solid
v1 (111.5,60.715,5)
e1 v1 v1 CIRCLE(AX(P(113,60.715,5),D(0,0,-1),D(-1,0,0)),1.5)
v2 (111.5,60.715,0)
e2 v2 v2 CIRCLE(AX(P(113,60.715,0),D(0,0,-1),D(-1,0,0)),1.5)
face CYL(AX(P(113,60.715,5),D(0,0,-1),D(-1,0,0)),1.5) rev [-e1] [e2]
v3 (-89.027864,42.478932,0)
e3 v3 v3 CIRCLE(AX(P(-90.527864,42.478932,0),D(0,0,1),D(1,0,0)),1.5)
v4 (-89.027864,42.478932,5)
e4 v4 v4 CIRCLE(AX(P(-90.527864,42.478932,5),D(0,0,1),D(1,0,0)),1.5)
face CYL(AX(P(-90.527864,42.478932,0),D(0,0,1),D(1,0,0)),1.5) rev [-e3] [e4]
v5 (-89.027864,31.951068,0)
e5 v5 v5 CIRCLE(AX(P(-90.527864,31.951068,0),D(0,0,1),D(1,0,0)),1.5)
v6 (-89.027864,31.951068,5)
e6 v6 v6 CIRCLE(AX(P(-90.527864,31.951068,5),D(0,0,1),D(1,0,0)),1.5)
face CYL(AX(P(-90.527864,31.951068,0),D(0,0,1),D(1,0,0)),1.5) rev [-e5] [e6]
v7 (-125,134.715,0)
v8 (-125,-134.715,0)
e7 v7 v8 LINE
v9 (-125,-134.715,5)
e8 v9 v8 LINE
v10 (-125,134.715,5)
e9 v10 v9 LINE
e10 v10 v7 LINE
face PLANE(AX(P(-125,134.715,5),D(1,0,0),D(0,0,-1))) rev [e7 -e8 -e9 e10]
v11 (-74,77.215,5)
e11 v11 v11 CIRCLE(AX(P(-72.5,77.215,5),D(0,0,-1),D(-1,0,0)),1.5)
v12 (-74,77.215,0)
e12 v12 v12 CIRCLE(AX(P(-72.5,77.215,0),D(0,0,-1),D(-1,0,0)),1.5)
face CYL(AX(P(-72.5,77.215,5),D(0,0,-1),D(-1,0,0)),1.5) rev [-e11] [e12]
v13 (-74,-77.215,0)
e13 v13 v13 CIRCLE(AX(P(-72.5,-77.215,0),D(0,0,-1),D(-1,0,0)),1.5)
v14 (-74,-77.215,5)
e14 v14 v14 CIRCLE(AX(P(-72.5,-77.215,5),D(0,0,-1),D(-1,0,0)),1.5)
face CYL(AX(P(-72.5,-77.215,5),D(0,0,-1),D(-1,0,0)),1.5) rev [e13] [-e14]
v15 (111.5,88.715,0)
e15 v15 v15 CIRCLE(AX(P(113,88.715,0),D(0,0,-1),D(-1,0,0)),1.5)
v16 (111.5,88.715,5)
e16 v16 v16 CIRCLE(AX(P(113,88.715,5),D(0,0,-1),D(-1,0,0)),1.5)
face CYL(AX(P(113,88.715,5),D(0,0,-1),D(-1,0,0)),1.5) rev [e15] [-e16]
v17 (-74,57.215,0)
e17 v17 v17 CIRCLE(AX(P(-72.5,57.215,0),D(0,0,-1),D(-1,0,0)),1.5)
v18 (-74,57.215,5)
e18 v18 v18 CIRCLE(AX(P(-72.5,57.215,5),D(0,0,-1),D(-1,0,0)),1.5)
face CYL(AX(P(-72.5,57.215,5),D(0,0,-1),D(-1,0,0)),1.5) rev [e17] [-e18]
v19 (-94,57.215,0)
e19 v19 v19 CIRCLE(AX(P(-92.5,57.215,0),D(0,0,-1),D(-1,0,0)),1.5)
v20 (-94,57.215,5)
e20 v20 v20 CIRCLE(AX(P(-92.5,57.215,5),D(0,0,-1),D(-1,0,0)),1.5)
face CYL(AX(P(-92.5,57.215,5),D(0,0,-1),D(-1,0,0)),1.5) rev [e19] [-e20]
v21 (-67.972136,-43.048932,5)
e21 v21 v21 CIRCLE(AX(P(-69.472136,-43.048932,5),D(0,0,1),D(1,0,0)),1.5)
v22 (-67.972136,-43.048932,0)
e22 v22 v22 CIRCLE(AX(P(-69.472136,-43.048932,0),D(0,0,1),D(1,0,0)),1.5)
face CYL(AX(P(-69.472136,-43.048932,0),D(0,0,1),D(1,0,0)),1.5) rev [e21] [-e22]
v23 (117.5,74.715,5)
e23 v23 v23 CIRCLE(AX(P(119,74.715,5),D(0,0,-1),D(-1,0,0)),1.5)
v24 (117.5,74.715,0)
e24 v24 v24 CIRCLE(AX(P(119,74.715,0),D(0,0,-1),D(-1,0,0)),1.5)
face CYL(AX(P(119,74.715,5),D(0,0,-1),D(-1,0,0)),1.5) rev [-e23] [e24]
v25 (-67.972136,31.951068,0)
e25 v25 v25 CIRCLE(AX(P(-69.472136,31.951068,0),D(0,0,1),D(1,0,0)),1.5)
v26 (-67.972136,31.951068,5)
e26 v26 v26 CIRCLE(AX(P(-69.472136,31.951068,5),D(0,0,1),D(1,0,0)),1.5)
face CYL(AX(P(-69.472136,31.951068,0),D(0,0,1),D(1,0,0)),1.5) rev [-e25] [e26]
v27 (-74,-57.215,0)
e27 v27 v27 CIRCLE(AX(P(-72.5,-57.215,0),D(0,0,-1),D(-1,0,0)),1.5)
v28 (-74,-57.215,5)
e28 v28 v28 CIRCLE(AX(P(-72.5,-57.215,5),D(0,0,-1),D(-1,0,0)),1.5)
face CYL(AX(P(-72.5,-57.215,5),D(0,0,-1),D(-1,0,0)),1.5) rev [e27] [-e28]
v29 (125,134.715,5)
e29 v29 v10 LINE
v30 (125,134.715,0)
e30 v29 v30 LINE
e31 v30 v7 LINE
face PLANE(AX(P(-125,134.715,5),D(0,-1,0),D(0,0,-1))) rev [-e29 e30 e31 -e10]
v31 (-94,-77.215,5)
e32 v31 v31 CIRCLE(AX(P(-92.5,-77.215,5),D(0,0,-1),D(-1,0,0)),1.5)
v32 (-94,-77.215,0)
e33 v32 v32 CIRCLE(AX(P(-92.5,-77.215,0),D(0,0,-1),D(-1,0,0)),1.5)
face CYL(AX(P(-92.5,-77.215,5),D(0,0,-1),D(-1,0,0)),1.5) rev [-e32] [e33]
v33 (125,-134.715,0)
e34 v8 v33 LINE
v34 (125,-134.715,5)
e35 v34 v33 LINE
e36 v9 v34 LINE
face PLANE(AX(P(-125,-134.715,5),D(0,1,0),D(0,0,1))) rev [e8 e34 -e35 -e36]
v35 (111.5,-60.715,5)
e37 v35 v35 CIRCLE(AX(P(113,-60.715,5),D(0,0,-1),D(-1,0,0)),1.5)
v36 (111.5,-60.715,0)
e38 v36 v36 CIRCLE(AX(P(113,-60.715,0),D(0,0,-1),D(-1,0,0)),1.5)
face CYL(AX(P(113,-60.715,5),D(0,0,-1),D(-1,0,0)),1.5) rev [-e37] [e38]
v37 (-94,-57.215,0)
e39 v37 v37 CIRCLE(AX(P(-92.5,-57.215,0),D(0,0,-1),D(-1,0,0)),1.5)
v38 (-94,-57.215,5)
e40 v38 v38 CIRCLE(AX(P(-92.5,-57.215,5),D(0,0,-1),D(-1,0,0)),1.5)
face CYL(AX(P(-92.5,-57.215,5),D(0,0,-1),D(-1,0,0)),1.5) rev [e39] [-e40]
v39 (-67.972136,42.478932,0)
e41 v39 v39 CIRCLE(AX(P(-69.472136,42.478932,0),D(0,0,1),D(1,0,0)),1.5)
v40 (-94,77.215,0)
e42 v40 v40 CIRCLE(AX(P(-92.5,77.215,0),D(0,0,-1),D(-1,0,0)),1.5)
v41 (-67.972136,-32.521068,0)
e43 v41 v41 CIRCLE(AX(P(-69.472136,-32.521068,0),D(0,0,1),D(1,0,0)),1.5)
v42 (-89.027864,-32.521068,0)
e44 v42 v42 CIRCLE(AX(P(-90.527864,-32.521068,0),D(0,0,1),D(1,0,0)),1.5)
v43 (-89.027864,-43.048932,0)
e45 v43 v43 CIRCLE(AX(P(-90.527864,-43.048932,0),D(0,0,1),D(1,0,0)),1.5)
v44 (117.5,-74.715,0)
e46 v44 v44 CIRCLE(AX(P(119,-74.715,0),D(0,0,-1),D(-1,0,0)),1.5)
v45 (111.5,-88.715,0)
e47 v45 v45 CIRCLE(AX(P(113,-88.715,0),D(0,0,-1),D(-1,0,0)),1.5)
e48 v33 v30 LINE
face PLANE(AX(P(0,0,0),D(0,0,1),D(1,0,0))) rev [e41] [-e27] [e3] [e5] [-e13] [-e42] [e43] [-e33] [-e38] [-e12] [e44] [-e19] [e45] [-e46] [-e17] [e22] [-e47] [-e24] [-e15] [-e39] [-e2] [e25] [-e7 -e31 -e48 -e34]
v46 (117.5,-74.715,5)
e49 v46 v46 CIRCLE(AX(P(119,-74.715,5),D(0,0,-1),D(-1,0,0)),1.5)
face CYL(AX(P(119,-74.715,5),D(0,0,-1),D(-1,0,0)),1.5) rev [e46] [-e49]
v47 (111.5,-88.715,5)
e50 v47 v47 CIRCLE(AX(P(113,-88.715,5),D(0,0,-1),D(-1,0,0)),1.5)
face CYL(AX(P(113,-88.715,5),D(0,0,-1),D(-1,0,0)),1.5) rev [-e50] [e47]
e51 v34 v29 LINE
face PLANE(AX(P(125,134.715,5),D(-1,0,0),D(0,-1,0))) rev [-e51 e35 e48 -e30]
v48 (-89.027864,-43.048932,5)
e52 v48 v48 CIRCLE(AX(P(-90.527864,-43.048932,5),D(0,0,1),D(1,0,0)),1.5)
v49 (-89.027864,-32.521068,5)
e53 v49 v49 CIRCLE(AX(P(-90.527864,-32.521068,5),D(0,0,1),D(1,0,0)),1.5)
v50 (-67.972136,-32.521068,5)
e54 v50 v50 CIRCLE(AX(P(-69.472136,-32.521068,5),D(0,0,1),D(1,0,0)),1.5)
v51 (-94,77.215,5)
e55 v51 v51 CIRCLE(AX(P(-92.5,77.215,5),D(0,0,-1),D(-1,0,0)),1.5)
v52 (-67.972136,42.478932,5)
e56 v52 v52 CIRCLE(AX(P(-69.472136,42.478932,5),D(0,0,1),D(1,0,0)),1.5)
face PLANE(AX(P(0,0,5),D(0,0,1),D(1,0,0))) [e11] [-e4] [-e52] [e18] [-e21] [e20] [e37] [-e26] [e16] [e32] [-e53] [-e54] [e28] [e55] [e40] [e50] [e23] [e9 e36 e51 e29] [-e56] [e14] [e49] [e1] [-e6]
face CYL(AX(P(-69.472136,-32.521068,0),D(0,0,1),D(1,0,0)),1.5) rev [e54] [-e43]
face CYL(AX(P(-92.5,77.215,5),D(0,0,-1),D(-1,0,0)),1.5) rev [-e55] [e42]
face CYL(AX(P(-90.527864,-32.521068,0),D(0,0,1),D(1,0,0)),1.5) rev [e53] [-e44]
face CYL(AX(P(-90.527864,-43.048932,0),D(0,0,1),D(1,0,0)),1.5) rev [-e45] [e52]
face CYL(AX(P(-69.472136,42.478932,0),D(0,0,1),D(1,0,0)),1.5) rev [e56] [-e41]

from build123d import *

# Parameters (mm, degrees)
ESQUISSE1_W             = 250
ESQUISSE1_H             = 269.43
BOSS_EXTRU_1_DEPTH      = 5
ESQUISSE3_R             = 1.5
ENL_V_MAT_EXTRU_2_DEPTH = 184.84268064
ESQUISSE4_R             = 1.5
ENL_V_MAT_EXTRU_3_DEPTH = 184.84268064


with BuildPart() as part:
    # Esquisse1 → Boss.-Extru.1 (new body)
    with BuildSketch(Plane.XY):
        Rectangle(ESQUISSE1_W, ESQUISSE1_H)
    extrude(amount=BOSS_EXTRU_1_DEPTH)

    # Esquisse3 → Enlèv. mat.-Extru.2 (cut, through all)
    with BuildSketch(Plane(origin=(0, 0, 0), x_dir=(-1, 0, 0), z_dir=(0, 0, -1))):
        with Locations((72.5, 77.215)):
            Circle(ESQUISSE3_R)
        with Locations((92.5, 77.215)):
            Circle(ESQUISSE3_R)
        with Locations((92.5, 57.215)):
            Circle(ESQUISSE3_R)
        with Locations((72.5, 57.215)):
            Circle(ESQUISSE3_R)
        with Locations((72.5, -57.215)):
            Circle(ESQUISSE3_R)
        with Locations((92.5, -57.215)):
            Circle(ESQUISSE3_R)
        with Locations((72.5, -77.215)):
            Circle(ESQUISSE3_R)
        with Locations((92.5, -77.215)):
            Circle(ESQUISSE3_R)
        with Locations((-113, 88.715)):
            Circle(ESQUISSE3_R)
        with Locations((-119, 74.715)):
            Circle(ESQUISSE3_R)
        with Locations((-113, 60.715)):
            Circle(ESQUISSE3_R)
        with Locations((-113, -60.715)):
            Circle(ESQUISSE3_R)
        with Locations((-119, -74.715)):
            Circle(ESQUISSE3_R)
        with Locations((-113, -88.715)):
            Circle(ESQUISSE3_R)
    extrude(amount=-ENL_V_MAT_EXTRU_2_DEPTH, mode=Mode.SUBTRACT)

    # Esquisse4 → Enlèv. mat.-Extru.3 (cut, through all)
    with BuildSketch(Plane.XY.offset(5)):
        with Locations((-69.472135955, -43.048932022)):
            Circle(ESQUISSE4_R)
        with Locations((-69.472135955, -32.521067977)):
            Circle(ESQUISSE4_R)
        with Locations((-90.527864045, -43.048932022)):
            Circle(ESQUISSE4_R)
        with Locations((-90.527864045, -32.521067977)):
            Circle(ESQUISSE4_R)
        with Locations((-69.472135955, 31.951067978)):
            Circle(ESQUISSE4_R)
        with Locations((-90.527864045, 31.951067978)):
            Circle(ESQUISSE4_R)
        with Locations((-69.472135955, 42.478932023)):
            Circle(ESQUISSE4_R)
        with Locations((-90.527864045, 42.478932023)):
            Circle(ESQUISSE4_R)
    extrude(amount=-ENL_V_MAT_EXTRU_3_DEPTH, mode=Mode.SUBTRACT)


solid = part.part
